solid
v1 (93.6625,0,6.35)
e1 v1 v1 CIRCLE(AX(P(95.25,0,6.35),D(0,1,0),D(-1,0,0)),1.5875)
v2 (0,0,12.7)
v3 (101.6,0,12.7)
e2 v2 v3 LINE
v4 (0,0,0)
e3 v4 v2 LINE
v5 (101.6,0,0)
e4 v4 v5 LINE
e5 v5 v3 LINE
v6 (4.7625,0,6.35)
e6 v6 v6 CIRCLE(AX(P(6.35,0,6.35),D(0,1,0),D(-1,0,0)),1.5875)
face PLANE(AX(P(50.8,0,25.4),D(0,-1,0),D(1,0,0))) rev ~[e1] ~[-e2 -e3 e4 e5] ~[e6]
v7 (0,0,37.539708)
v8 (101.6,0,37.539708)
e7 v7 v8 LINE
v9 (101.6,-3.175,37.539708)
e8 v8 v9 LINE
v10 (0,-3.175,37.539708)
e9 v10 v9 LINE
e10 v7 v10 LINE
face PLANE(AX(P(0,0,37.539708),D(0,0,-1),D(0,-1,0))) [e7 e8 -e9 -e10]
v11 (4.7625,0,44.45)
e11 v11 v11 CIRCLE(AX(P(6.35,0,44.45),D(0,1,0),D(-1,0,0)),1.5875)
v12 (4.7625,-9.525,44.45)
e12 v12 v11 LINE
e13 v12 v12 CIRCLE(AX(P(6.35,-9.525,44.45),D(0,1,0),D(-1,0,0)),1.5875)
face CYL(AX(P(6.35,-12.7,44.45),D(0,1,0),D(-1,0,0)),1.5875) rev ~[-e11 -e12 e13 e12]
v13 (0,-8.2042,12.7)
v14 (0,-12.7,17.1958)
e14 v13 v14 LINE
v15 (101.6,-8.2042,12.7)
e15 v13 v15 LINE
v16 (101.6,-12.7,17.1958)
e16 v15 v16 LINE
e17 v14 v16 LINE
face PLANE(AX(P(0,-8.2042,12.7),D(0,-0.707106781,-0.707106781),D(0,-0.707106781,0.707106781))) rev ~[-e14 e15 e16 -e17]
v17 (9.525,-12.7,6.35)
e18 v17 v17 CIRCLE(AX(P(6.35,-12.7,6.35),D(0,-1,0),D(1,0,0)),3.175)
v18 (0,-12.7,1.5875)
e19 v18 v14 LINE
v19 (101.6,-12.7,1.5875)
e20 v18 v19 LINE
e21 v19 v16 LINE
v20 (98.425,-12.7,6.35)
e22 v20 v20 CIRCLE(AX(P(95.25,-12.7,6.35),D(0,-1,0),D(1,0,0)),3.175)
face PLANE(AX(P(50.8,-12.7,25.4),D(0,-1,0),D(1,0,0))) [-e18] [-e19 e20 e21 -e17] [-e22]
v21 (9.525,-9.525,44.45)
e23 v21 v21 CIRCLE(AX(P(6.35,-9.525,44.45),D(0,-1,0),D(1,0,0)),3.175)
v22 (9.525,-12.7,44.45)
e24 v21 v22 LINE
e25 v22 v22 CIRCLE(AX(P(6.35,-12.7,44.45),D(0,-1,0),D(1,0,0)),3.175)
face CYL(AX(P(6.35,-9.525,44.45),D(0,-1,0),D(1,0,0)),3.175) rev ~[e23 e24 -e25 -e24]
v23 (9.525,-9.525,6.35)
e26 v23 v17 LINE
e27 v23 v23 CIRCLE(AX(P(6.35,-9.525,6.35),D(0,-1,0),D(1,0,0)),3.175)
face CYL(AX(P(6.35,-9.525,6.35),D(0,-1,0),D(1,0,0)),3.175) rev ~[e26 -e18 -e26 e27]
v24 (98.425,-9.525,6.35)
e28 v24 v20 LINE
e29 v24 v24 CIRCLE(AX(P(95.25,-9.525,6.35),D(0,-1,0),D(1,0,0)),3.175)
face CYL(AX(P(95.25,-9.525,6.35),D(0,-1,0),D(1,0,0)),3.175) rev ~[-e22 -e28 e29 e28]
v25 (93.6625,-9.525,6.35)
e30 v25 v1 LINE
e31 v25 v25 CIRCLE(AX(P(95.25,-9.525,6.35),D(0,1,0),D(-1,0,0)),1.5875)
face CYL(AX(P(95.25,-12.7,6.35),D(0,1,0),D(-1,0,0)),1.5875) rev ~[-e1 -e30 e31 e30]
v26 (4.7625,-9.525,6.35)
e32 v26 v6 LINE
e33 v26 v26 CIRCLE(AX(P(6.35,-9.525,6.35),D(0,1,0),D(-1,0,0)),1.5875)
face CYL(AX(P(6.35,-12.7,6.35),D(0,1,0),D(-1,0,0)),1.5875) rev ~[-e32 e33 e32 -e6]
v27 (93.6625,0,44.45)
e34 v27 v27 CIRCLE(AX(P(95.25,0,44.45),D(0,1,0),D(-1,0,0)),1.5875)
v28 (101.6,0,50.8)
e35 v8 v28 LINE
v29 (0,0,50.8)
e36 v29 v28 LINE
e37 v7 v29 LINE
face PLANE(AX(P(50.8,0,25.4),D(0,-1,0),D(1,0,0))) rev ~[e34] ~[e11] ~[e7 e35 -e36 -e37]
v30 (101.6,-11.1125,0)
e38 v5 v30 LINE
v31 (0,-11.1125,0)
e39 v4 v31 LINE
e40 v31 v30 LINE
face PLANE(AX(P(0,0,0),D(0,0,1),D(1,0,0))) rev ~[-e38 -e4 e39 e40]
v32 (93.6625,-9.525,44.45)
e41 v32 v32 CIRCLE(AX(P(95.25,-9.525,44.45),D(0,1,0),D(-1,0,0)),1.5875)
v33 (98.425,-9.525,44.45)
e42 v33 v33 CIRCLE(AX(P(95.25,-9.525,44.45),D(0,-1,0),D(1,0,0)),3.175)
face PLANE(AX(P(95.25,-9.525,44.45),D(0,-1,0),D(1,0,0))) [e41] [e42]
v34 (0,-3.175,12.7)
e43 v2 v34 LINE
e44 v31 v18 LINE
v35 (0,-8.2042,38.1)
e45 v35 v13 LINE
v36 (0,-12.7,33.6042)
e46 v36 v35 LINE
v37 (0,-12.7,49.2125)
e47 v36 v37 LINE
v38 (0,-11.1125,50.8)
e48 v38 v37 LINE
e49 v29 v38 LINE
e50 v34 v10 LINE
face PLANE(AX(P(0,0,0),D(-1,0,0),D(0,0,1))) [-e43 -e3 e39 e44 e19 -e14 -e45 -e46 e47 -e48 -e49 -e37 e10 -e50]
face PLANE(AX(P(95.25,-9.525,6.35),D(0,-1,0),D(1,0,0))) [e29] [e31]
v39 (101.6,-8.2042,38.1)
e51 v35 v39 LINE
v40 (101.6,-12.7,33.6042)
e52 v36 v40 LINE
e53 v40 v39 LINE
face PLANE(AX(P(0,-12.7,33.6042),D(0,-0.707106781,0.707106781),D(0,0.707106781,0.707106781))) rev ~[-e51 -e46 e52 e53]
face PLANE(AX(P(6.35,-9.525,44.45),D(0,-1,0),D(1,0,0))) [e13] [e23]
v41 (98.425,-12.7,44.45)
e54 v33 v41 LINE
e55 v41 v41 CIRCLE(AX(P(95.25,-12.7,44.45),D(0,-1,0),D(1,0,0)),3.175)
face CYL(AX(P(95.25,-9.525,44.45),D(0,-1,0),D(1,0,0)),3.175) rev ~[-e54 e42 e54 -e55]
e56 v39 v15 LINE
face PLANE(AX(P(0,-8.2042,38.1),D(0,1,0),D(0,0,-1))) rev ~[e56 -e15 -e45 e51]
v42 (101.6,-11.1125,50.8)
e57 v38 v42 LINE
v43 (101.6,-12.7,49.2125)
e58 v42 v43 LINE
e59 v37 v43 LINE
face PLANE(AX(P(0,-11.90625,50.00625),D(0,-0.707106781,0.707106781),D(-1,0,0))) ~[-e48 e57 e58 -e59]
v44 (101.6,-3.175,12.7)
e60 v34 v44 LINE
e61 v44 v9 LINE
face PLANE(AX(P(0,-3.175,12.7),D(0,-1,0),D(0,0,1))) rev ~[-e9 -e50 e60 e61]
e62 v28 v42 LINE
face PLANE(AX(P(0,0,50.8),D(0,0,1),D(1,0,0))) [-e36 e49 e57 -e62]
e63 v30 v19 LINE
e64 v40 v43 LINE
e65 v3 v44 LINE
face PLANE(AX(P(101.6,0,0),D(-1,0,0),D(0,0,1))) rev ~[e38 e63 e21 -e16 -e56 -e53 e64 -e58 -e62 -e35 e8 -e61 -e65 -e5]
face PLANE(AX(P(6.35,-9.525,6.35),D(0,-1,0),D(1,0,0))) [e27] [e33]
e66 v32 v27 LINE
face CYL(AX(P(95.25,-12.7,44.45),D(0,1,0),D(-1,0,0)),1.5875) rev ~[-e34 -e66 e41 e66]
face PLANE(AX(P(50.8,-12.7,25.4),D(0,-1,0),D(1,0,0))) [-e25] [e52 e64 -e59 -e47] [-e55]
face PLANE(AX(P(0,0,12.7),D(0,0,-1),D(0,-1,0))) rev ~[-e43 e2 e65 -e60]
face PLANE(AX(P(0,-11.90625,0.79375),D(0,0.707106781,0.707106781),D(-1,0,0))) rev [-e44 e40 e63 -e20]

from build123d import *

# Parameters (mm, degrees)
F0_W           = 101.6
F0_H           = 50.8
F1_DEPTH       = 12.7
F2_SIZE        = 1.5875
F4_D           = 3.175
F4_CBORE_D     = 6.35
F4_CBORE_DEPTH = 3.175
F6_DEPTH       = 101.601
F7_W           = 3.175
F7_H           = 24.839708
F8_DEPTH       = 101.6


with BuildPart() as f1:
    # F0 (on Front) → F1 (new body)
    with BuildSketch(Plane.XZ):
        with Locations((50.8, 25.4)):
            Rectangle(F0_W, F0_H)
    extrude(amount=F1_DEPTH)

    # F2
    f2_edges = [f1.edges().sort_by_distance(p)[0] for p in [
        (50.8, -12.7, 50.8),
        (50.8, -12.7, 0),
    ]]
    chamfer(f2_edges, length=F2_SIZE)

    # F4 (through all)
    with Locations(Plane.XZ.offset(12.7)):
        with Locations((6.35, 6.35), (6.35, 44.45), (95.25, 44.45), (95.25, 6.35)):
            CounterBoreHole(F4_D / 2, F4_CBORE_D / 2, F4_CBORE_DEPTH)

    # F5 (on face) → F6 (cut, through all)
    with BuildSketch(Plane(origin=(0, 0, 0), x_dir=(0, -1, 0), z_dir=(-1, 0, 0))):
        Polygon((12.7, 17.1958), (12.7, 33.6042), (8.2042, 38.1), (8.2042, 12.7), align=None)
    extrude(amount=-F6_DEPTH, mode=Mode.SUBTRACT)

    # F7 (on face) → F8 (cut, through all)
    with BuildSketch(Plane(origin=(0, 0, 0), x_dir=(0, -1, 0), z_dir=(-1, 0, 0))):
        with Locations((1.5875, 25.119854)):
            Rectangle(F7_W, F7_H)
    extrude(amount=-F8_DEPTH, mode=Mode.SUBTRACT)


solid = f1.part
